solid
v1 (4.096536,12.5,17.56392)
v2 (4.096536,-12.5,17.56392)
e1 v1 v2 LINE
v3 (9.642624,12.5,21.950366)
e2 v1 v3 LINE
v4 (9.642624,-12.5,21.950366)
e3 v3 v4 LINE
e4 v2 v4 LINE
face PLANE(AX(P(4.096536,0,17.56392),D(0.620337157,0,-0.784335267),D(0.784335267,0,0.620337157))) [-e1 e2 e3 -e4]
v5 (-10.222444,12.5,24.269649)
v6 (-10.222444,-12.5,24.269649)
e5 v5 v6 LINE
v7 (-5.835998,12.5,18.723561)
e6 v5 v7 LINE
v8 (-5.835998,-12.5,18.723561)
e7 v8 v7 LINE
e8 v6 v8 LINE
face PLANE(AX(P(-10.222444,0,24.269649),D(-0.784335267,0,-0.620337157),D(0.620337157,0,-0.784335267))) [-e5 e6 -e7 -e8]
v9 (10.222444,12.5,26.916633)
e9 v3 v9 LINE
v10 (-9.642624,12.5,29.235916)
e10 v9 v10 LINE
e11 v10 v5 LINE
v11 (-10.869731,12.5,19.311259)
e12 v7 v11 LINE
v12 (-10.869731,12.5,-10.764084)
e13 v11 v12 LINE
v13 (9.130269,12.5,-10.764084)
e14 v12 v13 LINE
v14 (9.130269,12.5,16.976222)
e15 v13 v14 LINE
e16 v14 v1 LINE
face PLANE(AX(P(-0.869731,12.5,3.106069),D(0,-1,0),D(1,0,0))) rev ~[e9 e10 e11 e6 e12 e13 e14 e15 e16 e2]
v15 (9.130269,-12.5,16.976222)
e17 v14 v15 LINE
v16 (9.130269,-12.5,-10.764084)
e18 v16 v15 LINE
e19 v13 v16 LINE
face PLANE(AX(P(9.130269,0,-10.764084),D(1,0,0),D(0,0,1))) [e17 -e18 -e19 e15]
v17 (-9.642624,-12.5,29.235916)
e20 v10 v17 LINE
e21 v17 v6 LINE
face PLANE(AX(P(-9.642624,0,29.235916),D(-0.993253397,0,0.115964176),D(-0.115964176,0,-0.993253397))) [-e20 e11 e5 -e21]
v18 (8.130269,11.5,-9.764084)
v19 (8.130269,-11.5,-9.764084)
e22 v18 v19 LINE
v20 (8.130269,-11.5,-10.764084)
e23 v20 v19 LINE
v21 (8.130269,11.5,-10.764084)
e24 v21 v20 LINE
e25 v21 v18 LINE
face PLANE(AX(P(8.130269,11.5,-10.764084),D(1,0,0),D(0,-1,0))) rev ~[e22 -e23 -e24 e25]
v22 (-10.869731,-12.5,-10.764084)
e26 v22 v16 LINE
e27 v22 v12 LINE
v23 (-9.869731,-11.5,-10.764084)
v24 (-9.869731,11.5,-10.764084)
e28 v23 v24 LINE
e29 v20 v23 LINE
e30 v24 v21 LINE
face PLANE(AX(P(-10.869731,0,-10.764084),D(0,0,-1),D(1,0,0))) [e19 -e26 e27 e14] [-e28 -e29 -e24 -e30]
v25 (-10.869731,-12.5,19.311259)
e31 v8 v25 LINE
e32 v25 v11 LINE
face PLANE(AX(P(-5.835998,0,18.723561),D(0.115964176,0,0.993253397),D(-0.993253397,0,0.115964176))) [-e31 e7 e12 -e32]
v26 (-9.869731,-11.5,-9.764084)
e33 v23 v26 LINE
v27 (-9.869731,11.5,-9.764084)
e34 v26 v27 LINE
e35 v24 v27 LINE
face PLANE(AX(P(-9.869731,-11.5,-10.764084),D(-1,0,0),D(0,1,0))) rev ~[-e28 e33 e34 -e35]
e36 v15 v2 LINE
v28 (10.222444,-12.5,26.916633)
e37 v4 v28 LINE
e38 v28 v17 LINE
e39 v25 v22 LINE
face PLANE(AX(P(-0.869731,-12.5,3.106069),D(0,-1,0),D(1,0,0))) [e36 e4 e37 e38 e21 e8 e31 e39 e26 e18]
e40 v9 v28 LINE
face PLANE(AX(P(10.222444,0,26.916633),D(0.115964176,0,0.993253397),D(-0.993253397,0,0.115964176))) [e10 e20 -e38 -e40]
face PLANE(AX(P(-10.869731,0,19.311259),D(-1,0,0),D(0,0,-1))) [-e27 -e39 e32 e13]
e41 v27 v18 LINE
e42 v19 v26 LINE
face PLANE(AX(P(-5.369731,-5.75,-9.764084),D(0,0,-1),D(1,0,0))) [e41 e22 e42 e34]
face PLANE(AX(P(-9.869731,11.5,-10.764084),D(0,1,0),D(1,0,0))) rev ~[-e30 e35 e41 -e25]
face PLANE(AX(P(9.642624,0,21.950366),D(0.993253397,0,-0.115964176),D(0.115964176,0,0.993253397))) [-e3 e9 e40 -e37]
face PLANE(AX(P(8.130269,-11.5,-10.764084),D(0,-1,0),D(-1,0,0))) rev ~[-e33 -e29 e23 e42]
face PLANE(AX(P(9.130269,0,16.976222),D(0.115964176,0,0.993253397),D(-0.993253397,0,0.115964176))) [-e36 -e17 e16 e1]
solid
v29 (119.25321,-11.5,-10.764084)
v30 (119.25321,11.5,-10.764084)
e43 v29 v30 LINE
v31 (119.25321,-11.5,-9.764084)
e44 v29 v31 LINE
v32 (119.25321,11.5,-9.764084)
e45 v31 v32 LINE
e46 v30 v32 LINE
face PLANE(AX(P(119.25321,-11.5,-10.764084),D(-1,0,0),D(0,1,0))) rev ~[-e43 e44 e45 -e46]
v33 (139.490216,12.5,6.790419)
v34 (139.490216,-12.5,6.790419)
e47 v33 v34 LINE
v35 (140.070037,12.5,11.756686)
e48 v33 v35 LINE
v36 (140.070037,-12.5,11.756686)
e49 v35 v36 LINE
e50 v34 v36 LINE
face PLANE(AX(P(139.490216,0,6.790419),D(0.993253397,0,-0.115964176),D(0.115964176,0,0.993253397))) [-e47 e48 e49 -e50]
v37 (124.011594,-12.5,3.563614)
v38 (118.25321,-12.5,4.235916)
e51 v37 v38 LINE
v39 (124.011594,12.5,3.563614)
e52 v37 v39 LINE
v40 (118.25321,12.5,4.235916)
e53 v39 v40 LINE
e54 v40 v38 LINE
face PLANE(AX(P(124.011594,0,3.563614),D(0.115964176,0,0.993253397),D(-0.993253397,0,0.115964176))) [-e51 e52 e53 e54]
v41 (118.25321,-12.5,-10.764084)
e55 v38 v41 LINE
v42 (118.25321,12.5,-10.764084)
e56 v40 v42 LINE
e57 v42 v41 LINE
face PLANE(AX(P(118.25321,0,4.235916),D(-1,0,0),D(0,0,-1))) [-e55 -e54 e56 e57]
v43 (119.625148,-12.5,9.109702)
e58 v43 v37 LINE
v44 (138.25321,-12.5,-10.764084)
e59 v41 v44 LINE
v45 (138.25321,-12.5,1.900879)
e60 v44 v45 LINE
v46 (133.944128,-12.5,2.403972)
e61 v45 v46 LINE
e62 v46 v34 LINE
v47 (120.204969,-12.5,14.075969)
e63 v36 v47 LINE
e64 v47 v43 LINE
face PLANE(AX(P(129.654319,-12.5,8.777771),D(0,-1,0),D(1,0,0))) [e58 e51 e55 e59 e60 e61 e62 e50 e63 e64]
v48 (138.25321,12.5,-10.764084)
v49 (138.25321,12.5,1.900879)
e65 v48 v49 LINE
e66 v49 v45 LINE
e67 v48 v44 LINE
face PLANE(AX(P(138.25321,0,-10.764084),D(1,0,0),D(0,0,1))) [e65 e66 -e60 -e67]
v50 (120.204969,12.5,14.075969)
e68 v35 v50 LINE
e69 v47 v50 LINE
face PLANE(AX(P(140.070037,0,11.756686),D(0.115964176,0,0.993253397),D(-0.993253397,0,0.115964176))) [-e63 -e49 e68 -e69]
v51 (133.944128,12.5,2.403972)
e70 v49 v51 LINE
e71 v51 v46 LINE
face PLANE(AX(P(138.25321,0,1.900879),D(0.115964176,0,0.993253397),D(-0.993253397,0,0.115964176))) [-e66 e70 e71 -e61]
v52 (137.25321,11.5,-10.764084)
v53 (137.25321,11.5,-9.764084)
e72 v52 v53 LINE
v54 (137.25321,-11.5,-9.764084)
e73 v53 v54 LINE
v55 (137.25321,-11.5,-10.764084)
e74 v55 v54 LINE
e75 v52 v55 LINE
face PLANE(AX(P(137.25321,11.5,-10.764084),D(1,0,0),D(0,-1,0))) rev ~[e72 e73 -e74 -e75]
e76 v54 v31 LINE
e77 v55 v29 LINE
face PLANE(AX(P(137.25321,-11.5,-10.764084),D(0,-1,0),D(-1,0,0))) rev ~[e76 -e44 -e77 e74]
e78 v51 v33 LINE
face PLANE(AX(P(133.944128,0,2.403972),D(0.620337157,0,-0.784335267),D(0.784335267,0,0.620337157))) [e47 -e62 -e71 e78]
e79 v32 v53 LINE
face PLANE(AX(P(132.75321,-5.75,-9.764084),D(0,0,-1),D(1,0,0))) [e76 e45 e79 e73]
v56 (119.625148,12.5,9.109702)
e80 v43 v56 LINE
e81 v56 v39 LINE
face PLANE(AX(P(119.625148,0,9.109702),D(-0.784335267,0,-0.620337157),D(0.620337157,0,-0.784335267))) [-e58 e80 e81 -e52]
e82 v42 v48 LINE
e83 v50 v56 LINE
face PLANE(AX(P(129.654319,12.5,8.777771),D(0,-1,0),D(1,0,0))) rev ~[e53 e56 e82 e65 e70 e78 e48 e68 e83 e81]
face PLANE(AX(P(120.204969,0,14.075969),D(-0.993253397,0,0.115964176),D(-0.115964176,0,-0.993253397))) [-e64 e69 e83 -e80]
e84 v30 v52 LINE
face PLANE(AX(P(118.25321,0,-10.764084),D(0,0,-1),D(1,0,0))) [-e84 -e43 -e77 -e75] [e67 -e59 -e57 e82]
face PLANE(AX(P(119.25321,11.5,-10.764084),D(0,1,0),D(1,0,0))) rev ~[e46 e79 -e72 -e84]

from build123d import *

# Parameters (mm, degrees)
F0_W     = 20
F0_H     = 27.7403057384
F1_DEPTH = 12.5
F0_W_2   = 10
F0_H_2   = 12.6649629206
F3_W     = 9
F3_H     = 11.5
F4_DEPTH = 1
F2_W     = 9
F2_H     = 11.5
F5_DEPTH = 1


with BuildPart() as f1:
    # F0 (on Front) → F1 (new body, symmetric)
    with BuildSketch(Plane.XZ):
        with Locations((-0.8697313164, 3.1060690337)):
            Rectangle(F0_W, F0_H)
        Polygon((-10.8697313164, 16.9762219029), (9.1302686836, 16.9762219029), (4.0965356669, 17.563919565), (-0.8697313164, 18.1437404426), (-5.8359982998, 18.7235613202), (-10.8697313164, 19.3112589823), align=None)
        Polygon((-5.8359982998, 18.7235613202), (-0.8697313164, 18.1437404426), (-0.2899104388, 23.1100074259), (-5.2561774222, 23.6898283036), align=None)
        Polygon((-0.2899104388, 23.1100074259), (4.6763565445, 22.5301865483), (9.6426235279, 21.9503656707), (10.2224444055, 26.9166326541), (-9.6426235279, 29.2359161645), (-10.2224444055, 24.2696491812), (-5.2561774222, 23.6898283036), align=None)
        Polygon((-0.8697313164, 18.1437404426), (4.0965356669, 17.563919565), (4.6763565445, 22.5301865483), (-0.2899104388, 23.1100074259), align=None)
        Polygon((4.6763565445, 22.5301865483), (4.0965356669, 17.563919565), (9.6426235279, 21.9503656707), align=None)
        Polygon((-10.2224444055, 24.2696491812), (-5.8359982998, 18.7235613202), (-5.2561774222, 23.6898283036), align=None)
    extrude(amount=F1_DEPTH, both=True)

    # F3 (on face) → F4 (cut)
    with BuildSketch(Plane(origin=(0, 0, -10.7640838355), x_dir=(1, 0, 0), z_dir=(0, 0, -1))):
        with Locations((-5.3697313164, 5.75)):
            Rectangle(F3_W, F3_H)
        with Locations((3.6302686836, 5.75)):
            Rectangle(F3_W, F3_H)
        with Locations((3.6302686836, -5.75)):
            Rectangle(F3_W, F3_H)
        with Locations((-5.3697313164, -5.75)):
            Rectangle(F3_W, F3_H)
    extrude(amount=-F4_DEPTH, mode=Mode.SUBTRACT)


with BuildPart() as f1b:
    # F0 (on Front) → F1, piece 2 (new body, symmetric)
    with BuildSketch(Plane.XZ):
        Polygon((124.5914150333, 8.5298811511), (124.0115941557, 3.5636141677), (128.2532102506, 3.0683976248), (133.9441281224, 2.4039724125), (134.523949, 7.3702393959), (139.4902159833, 6.7904185183), (140.070036861, 11.7566855016), (120.2049689276, 14.075969012), (119.62514805, 9.1097020287), align=None)
        with Locations((123.2532102506, -4.4316023752)):
            Rectangle(F0_W_2, F0_H_2)
        with Locations((133.2532102506, -4.4316023752)):
            Rectangle(F0_W_2, F0_H_2)
        Polygon((128.2532102506, 3.0683976248), (128.2532102506, 1.9008790851), (138.2532102506, 1.9008790851), (133.9441281224, 2.4039724125), align=None)
        Polygon((124.0115941557, 3.5636141677), (118.2532102506, 4.2359161645), (118.2532102506, 1.9008790851), (128.2532102506, 1.9008790851), (128.2532102506, 3.0683976248), align=None)
        Polygon((134.523949, 7.3702393959), (133.9441281224, 2.4039724125), (139.4902159833, 6.7904185183), align=None)
        Polygon((119.62514805, 9.1097020287), (124.0115941557, 3.5636141677), (124.5914150333, 8.5298811511), align=None)
    extrude(amount=F1_DEPTH, both=True)

    # F2 (on face) → F5 (cut)
    with BuildSketch(Plane(origin=(0, 0, -10.7640838355), x_dir=(1, 0, 0), z_dir=(0, 0, -1))):
        with Locations((132.7532102506, 5.75)):
            Rectangle(F2_W, F2_H)
        with Locations((132.7532102506, -5.75)):
            Rectangle(F2_W, F2_H)
        with Locations((123.7532102506, -5.75)):
            Rectangle(F2_W, F2_H)
        with Locations((123.7532102506, 5.75)):
            Rectangle(F2_W, F2_H)
    extrude(amount=-F5_DEPTH, mode=Mode.SUBTRACT)


solid = Compound([f1.part, f1b.part])
